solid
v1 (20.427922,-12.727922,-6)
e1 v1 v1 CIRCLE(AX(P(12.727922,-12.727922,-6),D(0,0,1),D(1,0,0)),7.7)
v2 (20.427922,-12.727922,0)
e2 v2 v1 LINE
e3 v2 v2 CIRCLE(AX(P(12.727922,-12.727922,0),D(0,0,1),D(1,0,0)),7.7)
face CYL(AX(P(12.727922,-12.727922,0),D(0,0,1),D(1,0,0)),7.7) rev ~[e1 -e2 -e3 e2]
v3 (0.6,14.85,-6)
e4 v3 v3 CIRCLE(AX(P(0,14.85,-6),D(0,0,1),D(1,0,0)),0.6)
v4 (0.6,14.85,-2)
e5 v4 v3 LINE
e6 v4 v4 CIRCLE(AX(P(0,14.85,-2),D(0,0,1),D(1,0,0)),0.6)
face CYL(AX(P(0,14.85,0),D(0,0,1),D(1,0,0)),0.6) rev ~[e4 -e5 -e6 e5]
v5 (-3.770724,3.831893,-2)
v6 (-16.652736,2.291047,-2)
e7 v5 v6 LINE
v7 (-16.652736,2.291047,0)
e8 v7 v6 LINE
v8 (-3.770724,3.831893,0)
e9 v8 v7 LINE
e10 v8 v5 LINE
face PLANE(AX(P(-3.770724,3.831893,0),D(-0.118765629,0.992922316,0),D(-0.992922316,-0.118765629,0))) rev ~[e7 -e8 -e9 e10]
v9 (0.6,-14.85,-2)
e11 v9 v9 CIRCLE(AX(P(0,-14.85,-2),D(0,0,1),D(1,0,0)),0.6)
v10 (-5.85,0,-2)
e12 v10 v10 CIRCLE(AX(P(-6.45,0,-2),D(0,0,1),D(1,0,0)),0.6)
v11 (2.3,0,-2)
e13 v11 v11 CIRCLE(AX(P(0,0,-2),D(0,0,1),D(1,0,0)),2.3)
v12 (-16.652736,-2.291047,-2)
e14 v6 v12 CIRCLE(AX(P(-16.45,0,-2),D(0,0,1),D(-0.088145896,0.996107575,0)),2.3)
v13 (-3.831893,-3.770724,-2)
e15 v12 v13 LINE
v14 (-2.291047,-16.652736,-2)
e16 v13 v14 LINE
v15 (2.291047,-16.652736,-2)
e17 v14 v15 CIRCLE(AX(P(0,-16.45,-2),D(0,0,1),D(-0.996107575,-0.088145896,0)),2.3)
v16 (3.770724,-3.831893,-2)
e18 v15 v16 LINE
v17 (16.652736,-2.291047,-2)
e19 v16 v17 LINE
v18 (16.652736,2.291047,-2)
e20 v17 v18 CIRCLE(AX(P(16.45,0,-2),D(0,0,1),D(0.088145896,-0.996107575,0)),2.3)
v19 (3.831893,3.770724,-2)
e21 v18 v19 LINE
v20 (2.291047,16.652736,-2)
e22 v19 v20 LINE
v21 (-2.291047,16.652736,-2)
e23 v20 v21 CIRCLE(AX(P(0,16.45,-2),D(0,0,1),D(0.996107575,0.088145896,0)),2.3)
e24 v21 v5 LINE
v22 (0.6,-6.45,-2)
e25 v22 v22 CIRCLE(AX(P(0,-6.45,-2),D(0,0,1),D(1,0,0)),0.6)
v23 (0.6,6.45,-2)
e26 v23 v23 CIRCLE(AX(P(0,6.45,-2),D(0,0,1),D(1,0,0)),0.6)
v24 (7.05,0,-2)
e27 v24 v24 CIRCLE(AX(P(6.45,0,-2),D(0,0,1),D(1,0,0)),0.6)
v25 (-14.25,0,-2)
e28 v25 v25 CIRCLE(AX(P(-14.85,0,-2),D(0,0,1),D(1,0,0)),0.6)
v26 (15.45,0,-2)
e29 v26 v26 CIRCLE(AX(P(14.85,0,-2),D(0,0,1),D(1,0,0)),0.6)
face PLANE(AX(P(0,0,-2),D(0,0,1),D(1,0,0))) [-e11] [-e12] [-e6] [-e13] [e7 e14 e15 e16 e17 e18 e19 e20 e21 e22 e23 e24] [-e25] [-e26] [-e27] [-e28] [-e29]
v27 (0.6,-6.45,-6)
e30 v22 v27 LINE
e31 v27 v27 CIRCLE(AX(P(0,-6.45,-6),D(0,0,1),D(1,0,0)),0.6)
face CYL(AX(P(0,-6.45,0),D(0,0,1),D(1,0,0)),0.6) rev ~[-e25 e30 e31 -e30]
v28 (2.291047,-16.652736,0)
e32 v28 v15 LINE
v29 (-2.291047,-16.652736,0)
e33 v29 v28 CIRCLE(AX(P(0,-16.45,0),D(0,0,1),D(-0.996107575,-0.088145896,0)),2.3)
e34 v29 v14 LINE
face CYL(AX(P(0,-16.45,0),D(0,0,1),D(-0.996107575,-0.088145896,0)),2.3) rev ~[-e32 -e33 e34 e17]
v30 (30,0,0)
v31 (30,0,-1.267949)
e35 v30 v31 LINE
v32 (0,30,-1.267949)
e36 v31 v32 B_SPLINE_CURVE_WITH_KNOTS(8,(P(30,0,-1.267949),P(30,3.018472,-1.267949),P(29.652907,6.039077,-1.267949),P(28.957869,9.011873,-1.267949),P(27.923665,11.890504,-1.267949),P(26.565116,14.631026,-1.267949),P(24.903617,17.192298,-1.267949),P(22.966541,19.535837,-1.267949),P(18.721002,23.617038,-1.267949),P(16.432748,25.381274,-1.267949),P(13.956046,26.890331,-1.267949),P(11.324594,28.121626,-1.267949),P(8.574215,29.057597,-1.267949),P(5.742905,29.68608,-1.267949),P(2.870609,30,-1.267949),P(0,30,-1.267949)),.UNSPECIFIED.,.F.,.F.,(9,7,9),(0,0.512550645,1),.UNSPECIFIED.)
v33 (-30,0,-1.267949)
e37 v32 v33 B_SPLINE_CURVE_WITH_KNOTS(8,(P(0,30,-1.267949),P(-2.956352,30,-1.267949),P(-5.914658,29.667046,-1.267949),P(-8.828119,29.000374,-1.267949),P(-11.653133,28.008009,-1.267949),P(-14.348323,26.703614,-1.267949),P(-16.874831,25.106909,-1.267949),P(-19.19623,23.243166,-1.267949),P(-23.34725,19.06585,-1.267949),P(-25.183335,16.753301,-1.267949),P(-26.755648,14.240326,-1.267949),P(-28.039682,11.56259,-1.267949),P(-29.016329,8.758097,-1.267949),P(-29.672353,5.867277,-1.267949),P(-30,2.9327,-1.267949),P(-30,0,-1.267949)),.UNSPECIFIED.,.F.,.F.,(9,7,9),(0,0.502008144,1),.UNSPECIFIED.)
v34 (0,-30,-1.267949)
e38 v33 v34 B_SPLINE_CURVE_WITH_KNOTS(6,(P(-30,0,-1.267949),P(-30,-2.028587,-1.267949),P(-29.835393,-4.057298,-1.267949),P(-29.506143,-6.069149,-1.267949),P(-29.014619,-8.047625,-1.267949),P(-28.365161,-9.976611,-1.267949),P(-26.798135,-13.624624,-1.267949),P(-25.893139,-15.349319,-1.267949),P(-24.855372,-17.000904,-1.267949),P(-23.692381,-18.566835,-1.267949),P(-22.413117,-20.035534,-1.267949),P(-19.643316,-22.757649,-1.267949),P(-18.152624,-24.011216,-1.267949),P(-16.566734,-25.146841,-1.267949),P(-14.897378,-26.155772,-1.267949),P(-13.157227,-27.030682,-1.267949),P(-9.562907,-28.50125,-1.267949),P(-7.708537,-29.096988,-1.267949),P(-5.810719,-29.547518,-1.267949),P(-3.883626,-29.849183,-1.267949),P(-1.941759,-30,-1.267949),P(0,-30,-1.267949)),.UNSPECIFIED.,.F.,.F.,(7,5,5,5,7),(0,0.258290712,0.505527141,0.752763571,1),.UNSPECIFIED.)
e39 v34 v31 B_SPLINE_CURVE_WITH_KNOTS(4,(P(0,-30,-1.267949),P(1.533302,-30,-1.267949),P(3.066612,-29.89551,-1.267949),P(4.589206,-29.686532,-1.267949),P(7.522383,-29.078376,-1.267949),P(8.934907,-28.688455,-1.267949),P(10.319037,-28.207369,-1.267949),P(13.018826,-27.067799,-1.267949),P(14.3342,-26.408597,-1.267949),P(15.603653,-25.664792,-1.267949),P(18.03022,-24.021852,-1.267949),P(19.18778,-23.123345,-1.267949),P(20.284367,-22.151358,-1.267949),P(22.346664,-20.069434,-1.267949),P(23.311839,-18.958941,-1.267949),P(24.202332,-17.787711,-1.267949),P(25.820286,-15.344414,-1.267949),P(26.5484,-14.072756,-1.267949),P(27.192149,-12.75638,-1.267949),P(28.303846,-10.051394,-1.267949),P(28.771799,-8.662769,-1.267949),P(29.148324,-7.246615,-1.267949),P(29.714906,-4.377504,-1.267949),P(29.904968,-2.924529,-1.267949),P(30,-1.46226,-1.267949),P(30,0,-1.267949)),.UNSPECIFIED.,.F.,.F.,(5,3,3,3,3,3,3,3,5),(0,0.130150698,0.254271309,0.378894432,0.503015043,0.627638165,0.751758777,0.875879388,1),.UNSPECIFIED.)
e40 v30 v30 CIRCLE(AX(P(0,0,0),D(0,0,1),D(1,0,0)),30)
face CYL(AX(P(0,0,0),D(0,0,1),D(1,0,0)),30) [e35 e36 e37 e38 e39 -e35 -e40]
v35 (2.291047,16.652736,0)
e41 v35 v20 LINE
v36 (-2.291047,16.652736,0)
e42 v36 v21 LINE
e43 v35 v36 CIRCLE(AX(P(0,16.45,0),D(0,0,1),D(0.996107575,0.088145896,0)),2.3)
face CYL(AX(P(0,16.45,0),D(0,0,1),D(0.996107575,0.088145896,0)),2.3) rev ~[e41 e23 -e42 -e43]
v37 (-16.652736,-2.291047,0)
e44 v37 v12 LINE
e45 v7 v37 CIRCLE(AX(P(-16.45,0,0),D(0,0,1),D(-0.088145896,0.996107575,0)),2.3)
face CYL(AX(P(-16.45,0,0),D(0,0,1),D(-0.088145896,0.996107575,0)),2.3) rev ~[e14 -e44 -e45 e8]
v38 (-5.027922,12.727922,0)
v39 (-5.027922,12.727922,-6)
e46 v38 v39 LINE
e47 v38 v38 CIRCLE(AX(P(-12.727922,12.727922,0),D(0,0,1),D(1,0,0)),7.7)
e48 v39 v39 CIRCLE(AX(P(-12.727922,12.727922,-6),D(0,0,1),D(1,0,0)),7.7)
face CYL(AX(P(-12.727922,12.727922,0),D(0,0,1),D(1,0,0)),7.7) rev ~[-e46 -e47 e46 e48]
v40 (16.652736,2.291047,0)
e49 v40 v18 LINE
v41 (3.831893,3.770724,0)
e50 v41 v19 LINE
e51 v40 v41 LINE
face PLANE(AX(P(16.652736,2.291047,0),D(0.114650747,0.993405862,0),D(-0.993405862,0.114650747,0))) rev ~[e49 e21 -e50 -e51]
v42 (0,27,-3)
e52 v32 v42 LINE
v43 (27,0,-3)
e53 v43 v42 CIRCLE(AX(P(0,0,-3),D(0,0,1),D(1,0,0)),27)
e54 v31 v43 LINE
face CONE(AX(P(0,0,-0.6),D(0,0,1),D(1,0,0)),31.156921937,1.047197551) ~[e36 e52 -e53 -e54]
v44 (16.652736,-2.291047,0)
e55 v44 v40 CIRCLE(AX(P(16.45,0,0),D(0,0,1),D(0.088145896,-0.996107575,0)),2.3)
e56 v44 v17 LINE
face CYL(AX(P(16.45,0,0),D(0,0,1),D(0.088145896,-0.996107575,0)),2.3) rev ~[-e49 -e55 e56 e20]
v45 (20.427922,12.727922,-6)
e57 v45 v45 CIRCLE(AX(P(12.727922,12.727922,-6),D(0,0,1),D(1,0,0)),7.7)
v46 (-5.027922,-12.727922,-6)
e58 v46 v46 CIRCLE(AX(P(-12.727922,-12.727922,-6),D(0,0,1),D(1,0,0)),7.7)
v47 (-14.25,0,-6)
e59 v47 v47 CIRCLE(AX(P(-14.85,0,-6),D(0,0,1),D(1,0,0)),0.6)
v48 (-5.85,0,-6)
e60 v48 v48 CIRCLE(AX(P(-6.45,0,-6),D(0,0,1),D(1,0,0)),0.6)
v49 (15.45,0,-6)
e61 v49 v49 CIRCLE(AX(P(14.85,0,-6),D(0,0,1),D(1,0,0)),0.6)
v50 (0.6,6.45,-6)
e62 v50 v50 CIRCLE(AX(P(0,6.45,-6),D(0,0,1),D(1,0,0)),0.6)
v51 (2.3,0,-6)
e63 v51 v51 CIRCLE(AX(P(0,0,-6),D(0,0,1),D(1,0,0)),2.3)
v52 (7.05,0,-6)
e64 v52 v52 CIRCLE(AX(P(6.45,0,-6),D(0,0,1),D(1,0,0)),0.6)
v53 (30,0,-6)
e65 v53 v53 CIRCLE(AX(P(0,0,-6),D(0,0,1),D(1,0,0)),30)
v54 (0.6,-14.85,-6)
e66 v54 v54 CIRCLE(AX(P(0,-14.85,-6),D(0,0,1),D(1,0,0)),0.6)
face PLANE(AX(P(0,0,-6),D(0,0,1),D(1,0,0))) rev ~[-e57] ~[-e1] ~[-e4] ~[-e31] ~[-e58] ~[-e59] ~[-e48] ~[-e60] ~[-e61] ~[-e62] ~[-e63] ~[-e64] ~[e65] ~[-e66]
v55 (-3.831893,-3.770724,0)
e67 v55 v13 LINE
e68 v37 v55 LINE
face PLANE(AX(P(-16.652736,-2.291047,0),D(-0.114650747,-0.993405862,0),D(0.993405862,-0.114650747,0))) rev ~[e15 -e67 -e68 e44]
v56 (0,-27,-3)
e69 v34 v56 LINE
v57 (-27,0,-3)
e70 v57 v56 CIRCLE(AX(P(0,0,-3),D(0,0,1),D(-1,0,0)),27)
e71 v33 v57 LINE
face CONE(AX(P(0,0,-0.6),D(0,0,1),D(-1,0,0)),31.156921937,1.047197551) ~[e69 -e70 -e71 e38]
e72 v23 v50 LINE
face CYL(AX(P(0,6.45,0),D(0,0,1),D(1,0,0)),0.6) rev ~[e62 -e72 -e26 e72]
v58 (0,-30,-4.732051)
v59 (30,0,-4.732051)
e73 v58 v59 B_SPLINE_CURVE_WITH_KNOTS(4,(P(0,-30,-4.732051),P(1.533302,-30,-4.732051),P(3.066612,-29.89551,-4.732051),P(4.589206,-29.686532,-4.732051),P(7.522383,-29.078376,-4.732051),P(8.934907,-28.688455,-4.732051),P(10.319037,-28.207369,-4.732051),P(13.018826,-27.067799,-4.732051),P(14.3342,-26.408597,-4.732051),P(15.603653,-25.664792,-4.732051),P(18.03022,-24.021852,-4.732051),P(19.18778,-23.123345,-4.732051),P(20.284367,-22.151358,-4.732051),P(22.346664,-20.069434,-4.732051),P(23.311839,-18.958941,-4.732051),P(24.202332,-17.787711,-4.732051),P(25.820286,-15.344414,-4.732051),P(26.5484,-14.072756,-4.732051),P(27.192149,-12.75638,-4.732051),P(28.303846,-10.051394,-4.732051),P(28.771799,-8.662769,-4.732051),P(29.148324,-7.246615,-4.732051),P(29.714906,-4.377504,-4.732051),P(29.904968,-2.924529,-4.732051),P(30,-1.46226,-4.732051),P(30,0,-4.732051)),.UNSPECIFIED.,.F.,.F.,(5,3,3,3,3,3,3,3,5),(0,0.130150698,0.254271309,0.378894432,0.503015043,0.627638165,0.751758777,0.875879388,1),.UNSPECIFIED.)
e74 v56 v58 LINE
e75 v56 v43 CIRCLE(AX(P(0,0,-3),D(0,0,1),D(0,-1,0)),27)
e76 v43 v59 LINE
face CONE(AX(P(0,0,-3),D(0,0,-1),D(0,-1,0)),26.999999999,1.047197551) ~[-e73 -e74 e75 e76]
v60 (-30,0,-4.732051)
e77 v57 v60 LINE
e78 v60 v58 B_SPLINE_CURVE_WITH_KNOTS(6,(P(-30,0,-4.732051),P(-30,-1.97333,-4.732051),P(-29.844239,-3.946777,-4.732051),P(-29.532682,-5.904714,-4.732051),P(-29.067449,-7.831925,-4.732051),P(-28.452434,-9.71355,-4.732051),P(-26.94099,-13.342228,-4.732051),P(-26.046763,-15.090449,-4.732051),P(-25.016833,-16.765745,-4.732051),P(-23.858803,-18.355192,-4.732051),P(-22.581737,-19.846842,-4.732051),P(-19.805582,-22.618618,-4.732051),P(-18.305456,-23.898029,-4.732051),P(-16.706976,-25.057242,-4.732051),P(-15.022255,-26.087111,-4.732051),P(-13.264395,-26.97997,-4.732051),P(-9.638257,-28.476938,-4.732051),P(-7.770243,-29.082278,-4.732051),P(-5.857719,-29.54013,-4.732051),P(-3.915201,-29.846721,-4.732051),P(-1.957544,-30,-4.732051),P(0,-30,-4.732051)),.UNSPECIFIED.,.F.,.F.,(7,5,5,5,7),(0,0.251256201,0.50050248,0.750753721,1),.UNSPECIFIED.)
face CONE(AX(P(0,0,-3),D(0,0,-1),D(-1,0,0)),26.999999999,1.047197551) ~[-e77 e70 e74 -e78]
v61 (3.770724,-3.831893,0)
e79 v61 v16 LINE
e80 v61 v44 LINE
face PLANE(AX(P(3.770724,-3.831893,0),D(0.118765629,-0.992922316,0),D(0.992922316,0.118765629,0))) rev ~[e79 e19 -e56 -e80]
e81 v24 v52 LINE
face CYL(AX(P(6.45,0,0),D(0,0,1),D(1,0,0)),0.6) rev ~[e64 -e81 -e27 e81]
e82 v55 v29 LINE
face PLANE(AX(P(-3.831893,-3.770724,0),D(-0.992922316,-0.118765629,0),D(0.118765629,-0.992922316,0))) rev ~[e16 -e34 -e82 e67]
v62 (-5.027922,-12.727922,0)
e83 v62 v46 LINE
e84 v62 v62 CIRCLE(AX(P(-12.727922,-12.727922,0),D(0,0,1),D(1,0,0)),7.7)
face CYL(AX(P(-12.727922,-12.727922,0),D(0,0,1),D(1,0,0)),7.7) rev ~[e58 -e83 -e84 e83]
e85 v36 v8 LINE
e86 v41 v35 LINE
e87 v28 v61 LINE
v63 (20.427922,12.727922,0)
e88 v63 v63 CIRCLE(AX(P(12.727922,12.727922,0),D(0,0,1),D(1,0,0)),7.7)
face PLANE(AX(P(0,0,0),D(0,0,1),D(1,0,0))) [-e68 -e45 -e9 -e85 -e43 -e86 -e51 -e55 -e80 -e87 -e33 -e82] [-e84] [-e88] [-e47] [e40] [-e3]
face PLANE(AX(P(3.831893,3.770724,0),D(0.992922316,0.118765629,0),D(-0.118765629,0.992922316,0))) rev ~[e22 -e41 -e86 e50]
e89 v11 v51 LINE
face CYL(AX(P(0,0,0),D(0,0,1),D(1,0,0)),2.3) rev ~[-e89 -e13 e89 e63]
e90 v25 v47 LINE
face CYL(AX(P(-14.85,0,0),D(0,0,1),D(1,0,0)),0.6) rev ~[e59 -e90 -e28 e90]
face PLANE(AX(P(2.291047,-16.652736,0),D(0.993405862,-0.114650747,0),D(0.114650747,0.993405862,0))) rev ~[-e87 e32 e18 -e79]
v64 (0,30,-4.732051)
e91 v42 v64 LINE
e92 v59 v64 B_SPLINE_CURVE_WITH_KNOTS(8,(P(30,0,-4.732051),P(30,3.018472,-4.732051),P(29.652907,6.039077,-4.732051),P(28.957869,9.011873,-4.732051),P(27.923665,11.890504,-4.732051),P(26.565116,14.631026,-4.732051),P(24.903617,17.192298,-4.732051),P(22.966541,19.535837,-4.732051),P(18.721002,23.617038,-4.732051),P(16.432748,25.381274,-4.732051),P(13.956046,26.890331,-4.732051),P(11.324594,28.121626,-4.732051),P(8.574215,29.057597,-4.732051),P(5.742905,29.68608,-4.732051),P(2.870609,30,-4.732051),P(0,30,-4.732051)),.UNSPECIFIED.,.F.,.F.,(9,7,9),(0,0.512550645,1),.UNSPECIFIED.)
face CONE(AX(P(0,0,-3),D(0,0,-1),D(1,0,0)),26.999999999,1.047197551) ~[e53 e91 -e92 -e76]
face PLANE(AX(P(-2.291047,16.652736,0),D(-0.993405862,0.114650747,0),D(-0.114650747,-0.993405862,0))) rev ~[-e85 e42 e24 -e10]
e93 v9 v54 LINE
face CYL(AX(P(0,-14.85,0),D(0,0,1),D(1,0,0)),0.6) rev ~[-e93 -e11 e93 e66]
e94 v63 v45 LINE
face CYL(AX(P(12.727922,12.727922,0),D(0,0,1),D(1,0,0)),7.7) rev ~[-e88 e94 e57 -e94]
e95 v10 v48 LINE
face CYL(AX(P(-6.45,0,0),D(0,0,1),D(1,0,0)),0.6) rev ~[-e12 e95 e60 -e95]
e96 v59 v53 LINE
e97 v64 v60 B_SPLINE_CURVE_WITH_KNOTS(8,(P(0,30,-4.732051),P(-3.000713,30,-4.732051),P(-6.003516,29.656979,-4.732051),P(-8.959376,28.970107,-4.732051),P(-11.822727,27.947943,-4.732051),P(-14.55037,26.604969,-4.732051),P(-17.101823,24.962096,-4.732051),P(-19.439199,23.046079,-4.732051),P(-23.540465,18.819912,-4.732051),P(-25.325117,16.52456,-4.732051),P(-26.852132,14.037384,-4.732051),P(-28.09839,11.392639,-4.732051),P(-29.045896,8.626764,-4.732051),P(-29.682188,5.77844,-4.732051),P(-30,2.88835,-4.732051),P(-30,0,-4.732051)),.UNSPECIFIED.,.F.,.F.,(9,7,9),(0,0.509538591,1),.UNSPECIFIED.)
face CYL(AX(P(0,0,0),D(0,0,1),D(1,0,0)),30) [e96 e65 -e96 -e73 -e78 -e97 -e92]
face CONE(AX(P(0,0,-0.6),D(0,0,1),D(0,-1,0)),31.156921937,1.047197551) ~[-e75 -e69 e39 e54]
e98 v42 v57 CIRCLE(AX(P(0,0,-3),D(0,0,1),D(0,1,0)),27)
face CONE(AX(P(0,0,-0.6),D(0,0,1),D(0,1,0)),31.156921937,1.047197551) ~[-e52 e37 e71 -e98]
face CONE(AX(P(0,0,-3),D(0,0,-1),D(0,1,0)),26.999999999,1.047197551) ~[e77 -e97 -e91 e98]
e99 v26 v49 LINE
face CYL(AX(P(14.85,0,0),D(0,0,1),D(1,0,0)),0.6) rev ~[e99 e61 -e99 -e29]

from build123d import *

# Parameters (mm, degrees)
SKETCH1_R           = 30
SKETCH1_R_2         = 7.7
SKETCH1_R_3         = 2.3
SKETCH1_R_4         = 0.6
BOSS_EXTRUDE1_DEPTH = 6
CUT_EXTRUDE1_DEPTH  = 2


with BuildPart() as part:
    # Sketch1 → Boss-Extrude1 (new body)
    with BuildSketch(Plane.XY):
        Circle(SKETCH1_R)
        with Locations((-12.727922061, 12.727922061)):
            Circle(SKETCH1_R_2, mode=Mode.SUBTRACT)
        with Locations((12.727922061, 12.727922061)):
            Circle(SKETCH1_R_2, mode=Mode.SUBTRACT)
        with Locations((12.727922061, -12.727922061)):
            Circle(SKETCH1_R_2, mode=Mode.SUBTRACT)
        with Locations((-12.727922061, -12.727922061)):
            Circle(SKETCH1_R_2, mode=Mode.SUBTRACT)
        Circle(SKETCH1_R_3, mode=Mode.SUBTRACT)
        with Locations((-14.85, 0)):
            Circle(SKETCH1_R_4, mode=Mode.SUBTRACT)
        with Locations((6.45, 0)):
            Circle(SKETCH1_R_4, mode=Mode.SUBTRACT)
        with Locations((0, -6.45)):
            Circle(SKETCH1_R_4, mode=Mode.SUBTRACT)
        with Locations((-6.45, 0)):
            Circle(SKETCH1_R_4, mode=Mode.SUBTRACT)
        with Locations((0, 6.45)):
            Circle(SKETCH1_R_4, mode=Mode.SUBTRACT)
        with Locations((0, 14.85)):
            Circle(SKETCH1_R_4, mode=Mode.SUBTRACT)
        with Locations((14.85, 0)):
            Circle(SKETCH1_R_4, mode=Mode.SUBTRACT)
        with Locations((0, -14.85)):
            Circle(SKETCH1_R_4, mode=Mode.SUBTRACT)
    extrude(amount=-BOSS_EXTRUDE1_DEPTH)

    # Cut-Sweep1: sweep along a curve in space
    with BuildLine() as cut_sweep1_path:
        ThreePointArc((30, 0, -6), (21.213203436, 21.213203436, -6), (0, 30, -6))
        ThreePointArc((0, 30, -6), (-21.213203436, 21.213203436, -6), (-30, 0, -6))
        ThreePointArc((-30, 0, -6), (-21.213203436, -21.213203436, -6), (0, -30, -6))
        ThreePointArc((0, -30, -6), (21.213203436, -21.213203436, -6), (30, 0, -6))
    # Sketch2 → Cut-Sweep1 (sweep, cut)
    with BuildSketch(Plane(origin=(0, 0, 0), x_dir=(1, 0, 0), z_dir=(0, 1, 0))):
        Polygon((-31.156921938, 0.6), (-27, 3), (-31.156921938, 5.4), align=None)
    sweep(path=cut_sweep1_path.line, mode=Mode.SUBTRACT)

    # Sketch4 → Cut-Extrude1 (cut)
    with BuildSketch(Plane.XY):
        with BuildLine():
            Line((-3.770723751, 3.831893278), (-16.652735562, 2.291047422))
            ThreePointArc((-16.652735562, 2.291047422), (-18.75, 0), (-16.652735562, -2.291047422))
            Line((-16.652735562, -2.291047422), (-3.831893278, -3.770723751))
            Line((-3.831893278, -3.770723751), (-2.291047422, -16.652735562))
            ThreePointArc((-2.291047422, -16.652735562), (0, -18.75), (2.291047422, -16.652735562))
            Line((2.291047422, -16.652735562), (3.770723751, -3.831893278))
            Line((3.770723751, -3.831893278), (16.652735562, -2.291047422))
            ThreePointArc((16.652735562, -2.291047422), (18.75, 0), (16.652735562, 2.291047422))
            Line((16.652735562, 2.291047422), (3.831893278, 3.770723751))
            Line((3.831893278, 3.770723751), (2.291047422, 16.652735562))
            ThreePointArc((2.291047422, 16.652735562), (0, 18.75), (-2.291047422, 16.652735562))
            Line((-2.291047422, 16.652735562), (-3.770723751, 3.831893278))
        make_face()
    extrude(amount=-CUT_EXTRUDE1_DEPTH, mode=Mode.SUBTRACT)


solid = part.part
